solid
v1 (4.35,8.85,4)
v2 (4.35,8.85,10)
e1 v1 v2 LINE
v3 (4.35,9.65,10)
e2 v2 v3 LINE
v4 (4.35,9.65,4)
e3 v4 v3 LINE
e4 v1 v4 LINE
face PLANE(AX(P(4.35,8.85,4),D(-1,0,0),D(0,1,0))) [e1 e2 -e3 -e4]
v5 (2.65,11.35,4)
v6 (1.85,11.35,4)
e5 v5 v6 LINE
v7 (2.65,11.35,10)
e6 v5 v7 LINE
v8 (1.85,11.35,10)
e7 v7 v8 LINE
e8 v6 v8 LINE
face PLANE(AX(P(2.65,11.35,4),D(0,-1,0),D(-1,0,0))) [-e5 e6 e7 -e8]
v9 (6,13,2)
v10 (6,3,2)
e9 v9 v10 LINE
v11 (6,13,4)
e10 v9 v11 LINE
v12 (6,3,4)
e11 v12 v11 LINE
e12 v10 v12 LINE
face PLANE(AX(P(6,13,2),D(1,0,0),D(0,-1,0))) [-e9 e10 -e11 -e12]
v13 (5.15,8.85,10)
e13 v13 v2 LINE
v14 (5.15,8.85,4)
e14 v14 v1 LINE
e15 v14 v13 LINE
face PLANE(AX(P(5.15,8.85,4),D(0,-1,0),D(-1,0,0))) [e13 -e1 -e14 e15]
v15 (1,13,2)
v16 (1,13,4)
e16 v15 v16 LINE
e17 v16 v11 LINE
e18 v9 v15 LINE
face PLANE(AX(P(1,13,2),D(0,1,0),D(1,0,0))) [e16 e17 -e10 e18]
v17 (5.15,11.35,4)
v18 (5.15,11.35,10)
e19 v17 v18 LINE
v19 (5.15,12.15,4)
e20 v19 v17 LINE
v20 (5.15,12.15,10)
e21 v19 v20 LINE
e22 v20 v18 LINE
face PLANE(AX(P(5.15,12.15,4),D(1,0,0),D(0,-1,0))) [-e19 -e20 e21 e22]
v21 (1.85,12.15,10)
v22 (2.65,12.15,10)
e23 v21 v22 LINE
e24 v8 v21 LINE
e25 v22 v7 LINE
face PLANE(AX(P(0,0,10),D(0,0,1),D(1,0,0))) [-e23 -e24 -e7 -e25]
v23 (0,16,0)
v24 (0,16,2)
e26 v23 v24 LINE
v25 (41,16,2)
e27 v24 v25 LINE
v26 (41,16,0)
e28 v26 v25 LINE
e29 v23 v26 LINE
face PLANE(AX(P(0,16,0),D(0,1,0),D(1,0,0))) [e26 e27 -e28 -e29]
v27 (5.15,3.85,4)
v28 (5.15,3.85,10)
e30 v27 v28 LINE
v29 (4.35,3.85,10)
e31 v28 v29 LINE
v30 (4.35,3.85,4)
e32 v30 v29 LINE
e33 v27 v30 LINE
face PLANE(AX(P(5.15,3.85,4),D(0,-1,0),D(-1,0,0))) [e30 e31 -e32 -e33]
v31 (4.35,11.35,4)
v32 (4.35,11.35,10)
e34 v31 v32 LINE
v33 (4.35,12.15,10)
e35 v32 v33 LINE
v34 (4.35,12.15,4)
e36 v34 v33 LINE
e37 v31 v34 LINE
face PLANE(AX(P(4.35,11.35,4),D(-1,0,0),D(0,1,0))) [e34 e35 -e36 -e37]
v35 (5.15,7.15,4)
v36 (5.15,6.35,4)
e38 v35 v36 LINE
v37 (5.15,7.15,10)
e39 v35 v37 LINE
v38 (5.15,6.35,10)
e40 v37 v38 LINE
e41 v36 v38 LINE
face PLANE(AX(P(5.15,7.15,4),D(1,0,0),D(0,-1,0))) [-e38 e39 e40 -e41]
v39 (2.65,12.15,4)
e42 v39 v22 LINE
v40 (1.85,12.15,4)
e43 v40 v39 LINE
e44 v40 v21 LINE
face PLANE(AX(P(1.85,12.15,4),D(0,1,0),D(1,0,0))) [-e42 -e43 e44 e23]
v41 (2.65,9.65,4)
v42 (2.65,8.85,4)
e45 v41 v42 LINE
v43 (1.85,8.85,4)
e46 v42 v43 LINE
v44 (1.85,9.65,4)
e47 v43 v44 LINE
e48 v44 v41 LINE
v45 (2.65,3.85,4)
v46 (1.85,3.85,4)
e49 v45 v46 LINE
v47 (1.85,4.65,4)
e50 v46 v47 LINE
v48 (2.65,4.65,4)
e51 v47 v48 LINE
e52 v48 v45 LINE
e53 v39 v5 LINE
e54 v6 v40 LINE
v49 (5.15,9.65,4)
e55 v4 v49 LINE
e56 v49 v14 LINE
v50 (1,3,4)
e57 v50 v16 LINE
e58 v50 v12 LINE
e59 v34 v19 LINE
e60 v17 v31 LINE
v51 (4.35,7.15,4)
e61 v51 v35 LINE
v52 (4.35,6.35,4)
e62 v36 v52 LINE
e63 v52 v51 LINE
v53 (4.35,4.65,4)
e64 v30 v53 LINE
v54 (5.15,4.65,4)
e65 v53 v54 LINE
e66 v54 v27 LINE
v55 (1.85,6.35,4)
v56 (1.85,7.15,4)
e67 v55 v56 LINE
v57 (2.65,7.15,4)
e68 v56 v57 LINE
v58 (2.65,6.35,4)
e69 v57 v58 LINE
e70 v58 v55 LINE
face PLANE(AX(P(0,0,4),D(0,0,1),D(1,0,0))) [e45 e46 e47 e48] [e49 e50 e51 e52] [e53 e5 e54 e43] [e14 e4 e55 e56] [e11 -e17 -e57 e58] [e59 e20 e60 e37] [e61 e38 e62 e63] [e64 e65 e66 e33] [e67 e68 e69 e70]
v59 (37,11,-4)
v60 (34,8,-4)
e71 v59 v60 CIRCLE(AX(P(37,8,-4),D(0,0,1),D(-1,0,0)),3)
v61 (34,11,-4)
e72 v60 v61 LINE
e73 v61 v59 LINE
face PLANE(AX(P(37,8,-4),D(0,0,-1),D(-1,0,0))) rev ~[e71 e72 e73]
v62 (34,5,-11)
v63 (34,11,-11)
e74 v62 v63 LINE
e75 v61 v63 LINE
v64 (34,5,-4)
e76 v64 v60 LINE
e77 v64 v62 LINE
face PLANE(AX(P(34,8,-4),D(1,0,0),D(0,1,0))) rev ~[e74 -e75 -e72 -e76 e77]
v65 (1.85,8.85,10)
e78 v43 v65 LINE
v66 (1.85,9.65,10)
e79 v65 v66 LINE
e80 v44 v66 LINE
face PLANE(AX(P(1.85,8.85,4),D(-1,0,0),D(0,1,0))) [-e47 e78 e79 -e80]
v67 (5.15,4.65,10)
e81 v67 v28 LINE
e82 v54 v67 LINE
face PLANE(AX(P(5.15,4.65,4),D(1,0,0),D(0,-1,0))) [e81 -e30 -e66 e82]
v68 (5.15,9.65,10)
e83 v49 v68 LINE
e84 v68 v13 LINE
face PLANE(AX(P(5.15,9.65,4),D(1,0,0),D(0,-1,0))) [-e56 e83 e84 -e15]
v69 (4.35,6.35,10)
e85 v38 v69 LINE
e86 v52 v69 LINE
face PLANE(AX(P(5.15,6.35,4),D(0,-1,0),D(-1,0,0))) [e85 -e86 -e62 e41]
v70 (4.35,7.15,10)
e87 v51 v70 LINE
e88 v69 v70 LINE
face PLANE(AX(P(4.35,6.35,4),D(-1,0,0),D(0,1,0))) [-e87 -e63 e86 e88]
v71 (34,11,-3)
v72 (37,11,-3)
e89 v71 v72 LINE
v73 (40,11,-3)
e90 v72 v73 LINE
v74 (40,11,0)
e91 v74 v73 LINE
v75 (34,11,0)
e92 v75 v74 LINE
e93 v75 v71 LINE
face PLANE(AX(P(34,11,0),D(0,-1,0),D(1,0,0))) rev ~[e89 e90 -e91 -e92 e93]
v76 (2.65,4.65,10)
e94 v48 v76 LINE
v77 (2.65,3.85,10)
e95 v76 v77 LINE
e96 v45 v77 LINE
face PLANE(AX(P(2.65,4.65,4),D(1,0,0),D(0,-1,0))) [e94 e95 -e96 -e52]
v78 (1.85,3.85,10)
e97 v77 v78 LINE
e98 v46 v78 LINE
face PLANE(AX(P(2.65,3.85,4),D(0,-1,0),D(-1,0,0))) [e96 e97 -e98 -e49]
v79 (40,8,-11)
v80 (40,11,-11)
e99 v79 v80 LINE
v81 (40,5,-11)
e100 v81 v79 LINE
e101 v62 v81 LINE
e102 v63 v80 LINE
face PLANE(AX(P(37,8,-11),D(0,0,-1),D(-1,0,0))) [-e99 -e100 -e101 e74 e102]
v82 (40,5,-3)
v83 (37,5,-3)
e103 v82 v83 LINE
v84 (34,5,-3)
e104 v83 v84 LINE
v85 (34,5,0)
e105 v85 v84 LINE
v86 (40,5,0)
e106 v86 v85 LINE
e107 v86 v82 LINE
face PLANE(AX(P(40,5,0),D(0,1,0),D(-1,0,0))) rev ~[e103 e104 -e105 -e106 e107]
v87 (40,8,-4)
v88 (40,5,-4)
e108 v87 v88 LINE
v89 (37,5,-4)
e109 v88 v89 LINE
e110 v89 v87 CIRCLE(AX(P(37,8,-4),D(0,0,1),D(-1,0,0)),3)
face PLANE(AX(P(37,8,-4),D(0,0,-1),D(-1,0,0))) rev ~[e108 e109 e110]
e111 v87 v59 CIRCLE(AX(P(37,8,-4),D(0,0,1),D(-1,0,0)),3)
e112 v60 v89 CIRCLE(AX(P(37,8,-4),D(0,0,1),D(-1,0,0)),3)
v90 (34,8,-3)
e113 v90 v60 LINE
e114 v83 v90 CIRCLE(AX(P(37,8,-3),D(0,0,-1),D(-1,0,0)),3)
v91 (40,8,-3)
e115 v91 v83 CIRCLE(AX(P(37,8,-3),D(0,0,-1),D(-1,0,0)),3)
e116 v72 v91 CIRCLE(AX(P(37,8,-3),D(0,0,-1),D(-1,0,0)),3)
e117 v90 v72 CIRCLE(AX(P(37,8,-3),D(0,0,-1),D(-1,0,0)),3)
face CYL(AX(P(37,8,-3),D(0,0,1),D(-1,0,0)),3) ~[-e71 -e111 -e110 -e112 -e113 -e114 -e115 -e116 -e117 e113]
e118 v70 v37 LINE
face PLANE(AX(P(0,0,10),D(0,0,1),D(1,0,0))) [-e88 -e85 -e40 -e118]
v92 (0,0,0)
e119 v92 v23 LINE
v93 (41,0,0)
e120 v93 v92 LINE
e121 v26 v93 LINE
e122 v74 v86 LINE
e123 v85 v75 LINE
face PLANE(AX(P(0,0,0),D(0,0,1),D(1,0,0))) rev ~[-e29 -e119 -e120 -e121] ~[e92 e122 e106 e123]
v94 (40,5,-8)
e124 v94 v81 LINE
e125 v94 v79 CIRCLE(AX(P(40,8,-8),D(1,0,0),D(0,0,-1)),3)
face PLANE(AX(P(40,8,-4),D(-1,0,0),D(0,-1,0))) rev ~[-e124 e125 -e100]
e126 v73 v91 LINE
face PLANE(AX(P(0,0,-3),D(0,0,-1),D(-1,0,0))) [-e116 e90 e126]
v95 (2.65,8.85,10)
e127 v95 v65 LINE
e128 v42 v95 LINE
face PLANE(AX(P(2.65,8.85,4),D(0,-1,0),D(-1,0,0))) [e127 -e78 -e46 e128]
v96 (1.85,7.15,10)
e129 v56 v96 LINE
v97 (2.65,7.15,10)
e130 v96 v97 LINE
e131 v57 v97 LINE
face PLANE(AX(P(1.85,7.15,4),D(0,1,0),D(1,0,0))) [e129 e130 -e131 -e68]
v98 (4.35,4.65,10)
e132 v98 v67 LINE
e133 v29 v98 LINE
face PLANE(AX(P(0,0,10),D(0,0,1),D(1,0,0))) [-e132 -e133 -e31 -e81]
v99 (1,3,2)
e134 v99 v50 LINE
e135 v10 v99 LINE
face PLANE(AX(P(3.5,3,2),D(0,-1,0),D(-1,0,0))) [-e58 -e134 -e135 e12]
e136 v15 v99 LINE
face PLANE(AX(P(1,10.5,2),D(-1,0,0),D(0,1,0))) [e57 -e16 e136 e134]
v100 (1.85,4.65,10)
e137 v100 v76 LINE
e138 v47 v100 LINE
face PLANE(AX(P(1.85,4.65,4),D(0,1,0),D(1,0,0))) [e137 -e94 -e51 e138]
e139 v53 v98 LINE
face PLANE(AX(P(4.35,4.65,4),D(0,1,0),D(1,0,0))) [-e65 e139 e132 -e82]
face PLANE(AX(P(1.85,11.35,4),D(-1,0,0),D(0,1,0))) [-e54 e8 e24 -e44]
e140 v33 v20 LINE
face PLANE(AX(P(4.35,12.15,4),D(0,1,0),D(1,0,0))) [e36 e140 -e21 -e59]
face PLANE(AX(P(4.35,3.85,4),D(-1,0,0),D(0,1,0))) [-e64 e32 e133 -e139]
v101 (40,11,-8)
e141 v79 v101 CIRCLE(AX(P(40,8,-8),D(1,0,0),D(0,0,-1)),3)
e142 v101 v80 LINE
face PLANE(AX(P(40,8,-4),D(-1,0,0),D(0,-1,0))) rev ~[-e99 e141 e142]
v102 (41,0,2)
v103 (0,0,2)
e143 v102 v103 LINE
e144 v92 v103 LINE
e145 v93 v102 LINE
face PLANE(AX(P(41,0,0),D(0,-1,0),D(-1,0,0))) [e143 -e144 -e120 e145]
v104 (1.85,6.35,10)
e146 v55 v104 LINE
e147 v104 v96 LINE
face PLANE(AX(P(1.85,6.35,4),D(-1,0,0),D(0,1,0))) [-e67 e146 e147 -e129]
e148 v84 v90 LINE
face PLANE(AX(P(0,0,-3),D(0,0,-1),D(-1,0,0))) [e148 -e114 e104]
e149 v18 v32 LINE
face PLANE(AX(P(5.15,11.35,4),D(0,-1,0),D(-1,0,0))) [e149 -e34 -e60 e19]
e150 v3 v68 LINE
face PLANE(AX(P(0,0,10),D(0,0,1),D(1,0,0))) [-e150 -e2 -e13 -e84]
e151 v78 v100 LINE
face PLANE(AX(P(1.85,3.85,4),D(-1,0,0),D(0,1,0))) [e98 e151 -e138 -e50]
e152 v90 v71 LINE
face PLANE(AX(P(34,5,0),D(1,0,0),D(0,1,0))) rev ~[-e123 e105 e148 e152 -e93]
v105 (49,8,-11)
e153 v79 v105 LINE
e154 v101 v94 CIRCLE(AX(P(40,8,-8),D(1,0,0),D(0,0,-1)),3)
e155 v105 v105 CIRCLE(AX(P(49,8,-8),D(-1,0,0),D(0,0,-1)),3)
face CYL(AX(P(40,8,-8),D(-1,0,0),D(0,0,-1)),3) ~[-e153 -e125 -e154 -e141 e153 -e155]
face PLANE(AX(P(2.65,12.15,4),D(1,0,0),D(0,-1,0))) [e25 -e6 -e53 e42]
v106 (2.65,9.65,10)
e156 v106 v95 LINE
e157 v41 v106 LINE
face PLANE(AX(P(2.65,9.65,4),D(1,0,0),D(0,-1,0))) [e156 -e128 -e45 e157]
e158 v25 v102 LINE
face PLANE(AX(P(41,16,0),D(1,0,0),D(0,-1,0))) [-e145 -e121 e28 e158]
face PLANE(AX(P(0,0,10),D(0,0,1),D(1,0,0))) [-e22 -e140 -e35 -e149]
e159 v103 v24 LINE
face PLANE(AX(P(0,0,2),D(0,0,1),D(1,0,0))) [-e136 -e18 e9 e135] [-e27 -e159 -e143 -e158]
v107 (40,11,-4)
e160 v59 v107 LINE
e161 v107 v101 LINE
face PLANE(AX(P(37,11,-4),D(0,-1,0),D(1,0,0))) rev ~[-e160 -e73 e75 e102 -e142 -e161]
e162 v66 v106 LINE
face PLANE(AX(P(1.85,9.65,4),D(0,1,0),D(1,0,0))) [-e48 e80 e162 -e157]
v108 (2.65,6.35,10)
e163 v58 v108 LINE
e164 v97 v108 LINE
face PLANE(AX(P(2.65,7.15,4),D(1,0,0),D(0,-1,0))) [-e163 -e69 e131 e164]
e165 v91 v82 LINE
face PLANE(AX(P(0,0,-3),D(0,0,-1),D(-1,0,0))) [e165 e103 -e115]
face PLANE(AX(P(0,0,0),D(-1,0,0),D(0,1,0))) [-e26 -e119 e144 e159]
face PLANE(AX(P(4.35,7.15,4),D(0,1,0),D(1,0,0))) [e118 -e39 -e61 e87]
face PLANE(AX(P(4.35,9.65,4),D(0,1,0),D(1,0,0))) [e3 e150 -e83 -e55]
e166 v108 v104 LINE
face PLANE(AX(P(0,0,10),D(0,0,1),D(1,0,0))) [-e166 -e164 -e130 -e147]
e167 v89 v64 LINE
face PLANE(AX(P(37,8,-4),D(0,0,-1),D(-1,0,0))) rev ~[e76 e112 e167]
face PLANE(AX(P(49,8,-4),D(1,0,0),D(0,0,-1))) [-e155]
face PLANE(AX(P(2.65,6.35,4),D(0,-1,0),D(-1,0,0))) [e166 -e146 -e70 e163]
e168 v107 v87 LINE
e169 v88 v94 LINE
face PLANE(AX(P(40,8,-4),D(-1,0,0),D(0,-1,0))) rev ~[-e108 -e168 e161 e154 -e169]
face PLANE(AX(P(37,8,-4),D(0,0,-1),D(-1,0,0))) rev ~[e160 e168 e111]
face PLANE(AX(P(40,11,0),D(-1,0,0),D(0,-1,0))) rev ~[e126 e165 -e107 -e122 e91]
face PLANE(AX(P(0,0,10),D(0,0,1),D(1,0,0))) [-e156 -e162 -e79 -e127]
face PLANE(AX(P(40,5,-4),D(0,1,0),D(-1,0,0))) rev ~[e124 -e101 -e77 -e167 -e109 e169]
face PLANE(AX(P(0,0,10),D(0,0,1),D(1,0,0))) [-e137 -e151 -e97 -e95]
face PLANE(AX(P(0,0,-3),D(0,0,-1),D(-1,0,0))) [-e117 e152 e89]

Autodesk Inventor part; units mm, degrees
ref_plane "YZ Plane" through (0, 0, 0) normal (1, 0, 0) x (0, 1, 0)
ref_plane "XZ Plane" through (0, 0, 0) normal (0, 1, 0) x (-1, 0, 0)
ref_plane "XY Plane" through (0, 0, 0) normal (0, 0, 1) x (1, 0, 0)
sketch "Esquisse1" plane through (0, 0, 0) normal (0, 0, 1) x (1, 0, 0)
  line L0 (0, 16) -> (41, 16)
  line L1 (41, 16) -> (41, 0)
  line L2 (41, 0) -> (0, 0)
  line L3 (0, 0) -> (0, 16)
  line L4 (0, -3.2) -> (0, 19.2) projected
  line L5 (-8.2, 0) -> (49.2, 0) projected
  point P0 (0, 0)
  dimension "d0" = 16
  dimension "d1" = 41
extrude "Extrusion1" add sketch "Esquisse1" along normal blind 2
sketch "Esquisse2" plane through (0, 0, 2) normal (0, 0, 1) x (1, 0, 0)
  line L0 (1, 13) -> (3.5, 13)
  line L1 (3.5, 13) -> (3.5, 10.5)
  line L2 (3.5, 10.5) -> (1, 10.5)
  line L3 (1, 10.5) -> (1, 13)
  line L4 (3.5, 13) -> (6, 13)
  line L5 (6, 13) -> (6, 10.5)
  line L6 (6, 10.5) -> (3.5, 10.5)
  line L7 (3.5, 10.5) -> (3.5, 13)
  line L8 (0, -3.2) -> (0, 19.2) projected
  line L9 (1, 8) -> (1, 10.5)
  line L10 (1, 10.5) -> (3.5, 10.5)
  line L11 (3.5, 10.5) -> (3.5, 8)
  line L12 (3.5, 10.5) -> (6, 10.5)
  line L13 (6, 10.5) -> (6, 8)
  line L14 (6, 8) -> (3.5, 8)
  line L15 (3.5, 8) -> (1, 8)
  line L16 (1, 5.5) -> (1, 8)
  line L17 (1, 8) -> (3.5, 8)
  line L18 (3.5, 8) -> (3.5, 5.5)
  line L19 (3.5, 8) -> (6, 8)
  line L20 (6, 8) -> (6, 5.5)
  line L21 (6, 5.5) -> (3.5, 5.5)
  line L22 (3.5, 5.5) -> (1, 5.5)
  line L23 (1, 3) -> (1, 5.5)
  line L24 (1, 5.5) -> (3.5, 5.5)
  line L25 (3.5, 5.5) -> (3.5, 3)
  line L26 (3.5, 5.5) -> (6, 5.5)
  line L27 (6, 5.5) -> (6, 3)
  line L28 (6, 3) -> (3.5, 3)
  line L29 (3.5, 3) -> (1, 3)
  line L30 (41, 16) -> (0, 16) projected
  point P0 (0, 0)
  dimension "d4" = 2.5
  dimension "d5" = 2.5
  dimension "d8" = 2.5
  dimension "d9" = 2.5
  dimension "d12" = 2.5
  dimension "d17" = 3
  dimension "d18" = 1
extrude "Extrusion2" add sketch "Esquisse2" along normal blind 2
sketch "Esquisse3" plane through (0, 0, 4) normal (0, 0, 1) x (1, 0, 0)
  line L0 (1.85, 12.15) -> (2.65, 12.15)
  line L1 (2.65, 12.15) -> (2.65, 11.35)
  line L2 (2.65, 11.35) -> (1.85, 11.35)
  line L3 (1.85, 11.35) -> (1.85, 12.15)
  line L4 (6, 13) -> (1, 13) projected
  line L5 (1, 13) -> (1, 3) projected
  line L6 (2.65, 9.65) -> (2.65, 8.85)
  line L7 (1.85, 9.65) -> (2.65, 9.65)
  line L8 (1.85, 8.85) -> (1.85, 9.65)
  line L9 (2.65, 8.85) -> (1.85, 8.85)
  line L10 (2.65, 7.15) -> (2.65, 6.35)
  line L11 (1.85, 7.15) -> (2.65, 7.15)
  line L12 (1.85, 6.35) -> (1.85, 7.15)
  line L13 (2.65, 6.35) -> (1.85, 6.35)
  line L14 (2.65, 4.65) -> (2.65, 3.85)
  line L15 (1.85, 4.65) -> (2.65, 4.65)
  line L16 (1.85, 3.85) -> (1.85, 4.65)
  line L17 (2.65, 3.85) -> (1.85, 3.85)
  line L18 (5.15, 12.15) -> (5.15, 11.35)
  line L19 (4.35, 12.15) -> (5.15, 12.15)
  line L20 (4.35, 11.35) -> (4.35, 12.15)
  line L21 (5.15, 11.35) -> (4.35, 11.35)
  line L22 (5.15, 9.65) -> (5.15, 8.85)
  line L23 (4.35, 9.65) -> (5.15, 9.65)
  line L24 (4.35, 8.85) -> (4.35, 9.65)
  line L25 (5.15, 8.85) -> (4.35, 8.85)
  line L26 (5.15, 7.15) -> (5.15, 6.35)
  line L27 (4.35, 7.15) -> (5.15, 7.15)
  line L28 (4.35, 6.35) -> (4.35, 7.15)
  line L29 (5.15, 6.35) -> (4.35, 6.35)
  line L30 (5.15, 4.65) -> (5.15, 3.85)
  line L31 (4.35, 4.65) -> (5.15, 4.65)
  line L32 (4.35, 3.85) -> (4.35, 4.65)
  line L33 (5.15, 3.85) -> (4.35, 3.85)
  point P0 (0, 0)
  dimension "d21" = 0.8
  dimension "d22" = 0.8
  dimension "d23" = 0.85
  dimension "d24" = 0.85
  dimension "d27" = 2.5
  dimension "d30" = 2.5
extrude "Extrusion3" add sketch "Esquisse3" along normal blind 6
sketch "Esquisse4" plane through (0, 0, 0) normal (0, 0, -1) x (-1, 0, 0)
  line L0 (-40, 5) -> (-34, 5)
  line L1 (-34, 5) -> (-34, 11)
  line L2 (-34, 11) -> (-40, 11)
  line L3 (-40, 11) -> (-40, 5)
  line L4 (-41, 0) -> (-41, 16) projected
  line L5 (0, 0) -> (-41, 0) projected
  dimension "d35" = 6
  dimension "d36" = 6
  dimension "d37" = 1
  dimension "d38" = 5
extrude "Extrusion4" add sketch "Esquisse4" along normal blind 3
sketch "Esquisse5" plane through (0, 0, -3) normal (0, 0, -1) x (-1, 0, 0)
  circle A0 centre (-37, 8) radius 3
  line L0 (-34, 11) -> (-40, 11) projected
  line L1 (-40, 11) -> (-40, 5) projected
  line L2 (-34, 5) -> (-34, 11) projected
  point P0 (0, 0)
extrude "Extrusion5" add sketch "Esquisse5" along normal blind 1 contours A0
sketch "Esquisse6" plane through (37, 8, -4) normal (0, 0, -1) x (-1, 0, 0)
  line L0 (-3, -3) -> (3, -3)
  line L1 (3, -3) -> (3, 3)
  line L2 (3, 3) -> (-3, 3)
  line L3 (-3, 3) -> (-3, -3)
  line L4 (0, 3) -> (-3, 3) projected
  line L5 (-3, 0) -> (-3, -3) projected
  line L6 (-3, -3) -> (0, -3) projected
  line L7 (3, -3) -> (3, 0) projected
  point P0 (37, -8)
extrude "Extrusion6" add sketch "Esquisse6" along normal blind 7
sketch "Esquisse7" plane through (40, 8, -4) normal (1, 0, 0) x (0, 0, -1)
  circle A0 centre (4, 0) radius 3
  line L0 (7, 3) -> (7, -3) projected
  line L1 (0, -3) -> (7, -3) projected
  line L2 (0, 3) -> (7, 3) projected
  point P0 (-4, -8)
extrude "Extrusion7" add sketch "Esquisse7" along normal blind 9 contours A0
equation "\"d5\" = d4"
equation "\"d8\" = d4"
equation "\"d9\" = d5"
equation "\"d22\" = d21"
equation "\"d24\" = d23"
equation "\"d36\" = d35"
properties part number "nrf24"
